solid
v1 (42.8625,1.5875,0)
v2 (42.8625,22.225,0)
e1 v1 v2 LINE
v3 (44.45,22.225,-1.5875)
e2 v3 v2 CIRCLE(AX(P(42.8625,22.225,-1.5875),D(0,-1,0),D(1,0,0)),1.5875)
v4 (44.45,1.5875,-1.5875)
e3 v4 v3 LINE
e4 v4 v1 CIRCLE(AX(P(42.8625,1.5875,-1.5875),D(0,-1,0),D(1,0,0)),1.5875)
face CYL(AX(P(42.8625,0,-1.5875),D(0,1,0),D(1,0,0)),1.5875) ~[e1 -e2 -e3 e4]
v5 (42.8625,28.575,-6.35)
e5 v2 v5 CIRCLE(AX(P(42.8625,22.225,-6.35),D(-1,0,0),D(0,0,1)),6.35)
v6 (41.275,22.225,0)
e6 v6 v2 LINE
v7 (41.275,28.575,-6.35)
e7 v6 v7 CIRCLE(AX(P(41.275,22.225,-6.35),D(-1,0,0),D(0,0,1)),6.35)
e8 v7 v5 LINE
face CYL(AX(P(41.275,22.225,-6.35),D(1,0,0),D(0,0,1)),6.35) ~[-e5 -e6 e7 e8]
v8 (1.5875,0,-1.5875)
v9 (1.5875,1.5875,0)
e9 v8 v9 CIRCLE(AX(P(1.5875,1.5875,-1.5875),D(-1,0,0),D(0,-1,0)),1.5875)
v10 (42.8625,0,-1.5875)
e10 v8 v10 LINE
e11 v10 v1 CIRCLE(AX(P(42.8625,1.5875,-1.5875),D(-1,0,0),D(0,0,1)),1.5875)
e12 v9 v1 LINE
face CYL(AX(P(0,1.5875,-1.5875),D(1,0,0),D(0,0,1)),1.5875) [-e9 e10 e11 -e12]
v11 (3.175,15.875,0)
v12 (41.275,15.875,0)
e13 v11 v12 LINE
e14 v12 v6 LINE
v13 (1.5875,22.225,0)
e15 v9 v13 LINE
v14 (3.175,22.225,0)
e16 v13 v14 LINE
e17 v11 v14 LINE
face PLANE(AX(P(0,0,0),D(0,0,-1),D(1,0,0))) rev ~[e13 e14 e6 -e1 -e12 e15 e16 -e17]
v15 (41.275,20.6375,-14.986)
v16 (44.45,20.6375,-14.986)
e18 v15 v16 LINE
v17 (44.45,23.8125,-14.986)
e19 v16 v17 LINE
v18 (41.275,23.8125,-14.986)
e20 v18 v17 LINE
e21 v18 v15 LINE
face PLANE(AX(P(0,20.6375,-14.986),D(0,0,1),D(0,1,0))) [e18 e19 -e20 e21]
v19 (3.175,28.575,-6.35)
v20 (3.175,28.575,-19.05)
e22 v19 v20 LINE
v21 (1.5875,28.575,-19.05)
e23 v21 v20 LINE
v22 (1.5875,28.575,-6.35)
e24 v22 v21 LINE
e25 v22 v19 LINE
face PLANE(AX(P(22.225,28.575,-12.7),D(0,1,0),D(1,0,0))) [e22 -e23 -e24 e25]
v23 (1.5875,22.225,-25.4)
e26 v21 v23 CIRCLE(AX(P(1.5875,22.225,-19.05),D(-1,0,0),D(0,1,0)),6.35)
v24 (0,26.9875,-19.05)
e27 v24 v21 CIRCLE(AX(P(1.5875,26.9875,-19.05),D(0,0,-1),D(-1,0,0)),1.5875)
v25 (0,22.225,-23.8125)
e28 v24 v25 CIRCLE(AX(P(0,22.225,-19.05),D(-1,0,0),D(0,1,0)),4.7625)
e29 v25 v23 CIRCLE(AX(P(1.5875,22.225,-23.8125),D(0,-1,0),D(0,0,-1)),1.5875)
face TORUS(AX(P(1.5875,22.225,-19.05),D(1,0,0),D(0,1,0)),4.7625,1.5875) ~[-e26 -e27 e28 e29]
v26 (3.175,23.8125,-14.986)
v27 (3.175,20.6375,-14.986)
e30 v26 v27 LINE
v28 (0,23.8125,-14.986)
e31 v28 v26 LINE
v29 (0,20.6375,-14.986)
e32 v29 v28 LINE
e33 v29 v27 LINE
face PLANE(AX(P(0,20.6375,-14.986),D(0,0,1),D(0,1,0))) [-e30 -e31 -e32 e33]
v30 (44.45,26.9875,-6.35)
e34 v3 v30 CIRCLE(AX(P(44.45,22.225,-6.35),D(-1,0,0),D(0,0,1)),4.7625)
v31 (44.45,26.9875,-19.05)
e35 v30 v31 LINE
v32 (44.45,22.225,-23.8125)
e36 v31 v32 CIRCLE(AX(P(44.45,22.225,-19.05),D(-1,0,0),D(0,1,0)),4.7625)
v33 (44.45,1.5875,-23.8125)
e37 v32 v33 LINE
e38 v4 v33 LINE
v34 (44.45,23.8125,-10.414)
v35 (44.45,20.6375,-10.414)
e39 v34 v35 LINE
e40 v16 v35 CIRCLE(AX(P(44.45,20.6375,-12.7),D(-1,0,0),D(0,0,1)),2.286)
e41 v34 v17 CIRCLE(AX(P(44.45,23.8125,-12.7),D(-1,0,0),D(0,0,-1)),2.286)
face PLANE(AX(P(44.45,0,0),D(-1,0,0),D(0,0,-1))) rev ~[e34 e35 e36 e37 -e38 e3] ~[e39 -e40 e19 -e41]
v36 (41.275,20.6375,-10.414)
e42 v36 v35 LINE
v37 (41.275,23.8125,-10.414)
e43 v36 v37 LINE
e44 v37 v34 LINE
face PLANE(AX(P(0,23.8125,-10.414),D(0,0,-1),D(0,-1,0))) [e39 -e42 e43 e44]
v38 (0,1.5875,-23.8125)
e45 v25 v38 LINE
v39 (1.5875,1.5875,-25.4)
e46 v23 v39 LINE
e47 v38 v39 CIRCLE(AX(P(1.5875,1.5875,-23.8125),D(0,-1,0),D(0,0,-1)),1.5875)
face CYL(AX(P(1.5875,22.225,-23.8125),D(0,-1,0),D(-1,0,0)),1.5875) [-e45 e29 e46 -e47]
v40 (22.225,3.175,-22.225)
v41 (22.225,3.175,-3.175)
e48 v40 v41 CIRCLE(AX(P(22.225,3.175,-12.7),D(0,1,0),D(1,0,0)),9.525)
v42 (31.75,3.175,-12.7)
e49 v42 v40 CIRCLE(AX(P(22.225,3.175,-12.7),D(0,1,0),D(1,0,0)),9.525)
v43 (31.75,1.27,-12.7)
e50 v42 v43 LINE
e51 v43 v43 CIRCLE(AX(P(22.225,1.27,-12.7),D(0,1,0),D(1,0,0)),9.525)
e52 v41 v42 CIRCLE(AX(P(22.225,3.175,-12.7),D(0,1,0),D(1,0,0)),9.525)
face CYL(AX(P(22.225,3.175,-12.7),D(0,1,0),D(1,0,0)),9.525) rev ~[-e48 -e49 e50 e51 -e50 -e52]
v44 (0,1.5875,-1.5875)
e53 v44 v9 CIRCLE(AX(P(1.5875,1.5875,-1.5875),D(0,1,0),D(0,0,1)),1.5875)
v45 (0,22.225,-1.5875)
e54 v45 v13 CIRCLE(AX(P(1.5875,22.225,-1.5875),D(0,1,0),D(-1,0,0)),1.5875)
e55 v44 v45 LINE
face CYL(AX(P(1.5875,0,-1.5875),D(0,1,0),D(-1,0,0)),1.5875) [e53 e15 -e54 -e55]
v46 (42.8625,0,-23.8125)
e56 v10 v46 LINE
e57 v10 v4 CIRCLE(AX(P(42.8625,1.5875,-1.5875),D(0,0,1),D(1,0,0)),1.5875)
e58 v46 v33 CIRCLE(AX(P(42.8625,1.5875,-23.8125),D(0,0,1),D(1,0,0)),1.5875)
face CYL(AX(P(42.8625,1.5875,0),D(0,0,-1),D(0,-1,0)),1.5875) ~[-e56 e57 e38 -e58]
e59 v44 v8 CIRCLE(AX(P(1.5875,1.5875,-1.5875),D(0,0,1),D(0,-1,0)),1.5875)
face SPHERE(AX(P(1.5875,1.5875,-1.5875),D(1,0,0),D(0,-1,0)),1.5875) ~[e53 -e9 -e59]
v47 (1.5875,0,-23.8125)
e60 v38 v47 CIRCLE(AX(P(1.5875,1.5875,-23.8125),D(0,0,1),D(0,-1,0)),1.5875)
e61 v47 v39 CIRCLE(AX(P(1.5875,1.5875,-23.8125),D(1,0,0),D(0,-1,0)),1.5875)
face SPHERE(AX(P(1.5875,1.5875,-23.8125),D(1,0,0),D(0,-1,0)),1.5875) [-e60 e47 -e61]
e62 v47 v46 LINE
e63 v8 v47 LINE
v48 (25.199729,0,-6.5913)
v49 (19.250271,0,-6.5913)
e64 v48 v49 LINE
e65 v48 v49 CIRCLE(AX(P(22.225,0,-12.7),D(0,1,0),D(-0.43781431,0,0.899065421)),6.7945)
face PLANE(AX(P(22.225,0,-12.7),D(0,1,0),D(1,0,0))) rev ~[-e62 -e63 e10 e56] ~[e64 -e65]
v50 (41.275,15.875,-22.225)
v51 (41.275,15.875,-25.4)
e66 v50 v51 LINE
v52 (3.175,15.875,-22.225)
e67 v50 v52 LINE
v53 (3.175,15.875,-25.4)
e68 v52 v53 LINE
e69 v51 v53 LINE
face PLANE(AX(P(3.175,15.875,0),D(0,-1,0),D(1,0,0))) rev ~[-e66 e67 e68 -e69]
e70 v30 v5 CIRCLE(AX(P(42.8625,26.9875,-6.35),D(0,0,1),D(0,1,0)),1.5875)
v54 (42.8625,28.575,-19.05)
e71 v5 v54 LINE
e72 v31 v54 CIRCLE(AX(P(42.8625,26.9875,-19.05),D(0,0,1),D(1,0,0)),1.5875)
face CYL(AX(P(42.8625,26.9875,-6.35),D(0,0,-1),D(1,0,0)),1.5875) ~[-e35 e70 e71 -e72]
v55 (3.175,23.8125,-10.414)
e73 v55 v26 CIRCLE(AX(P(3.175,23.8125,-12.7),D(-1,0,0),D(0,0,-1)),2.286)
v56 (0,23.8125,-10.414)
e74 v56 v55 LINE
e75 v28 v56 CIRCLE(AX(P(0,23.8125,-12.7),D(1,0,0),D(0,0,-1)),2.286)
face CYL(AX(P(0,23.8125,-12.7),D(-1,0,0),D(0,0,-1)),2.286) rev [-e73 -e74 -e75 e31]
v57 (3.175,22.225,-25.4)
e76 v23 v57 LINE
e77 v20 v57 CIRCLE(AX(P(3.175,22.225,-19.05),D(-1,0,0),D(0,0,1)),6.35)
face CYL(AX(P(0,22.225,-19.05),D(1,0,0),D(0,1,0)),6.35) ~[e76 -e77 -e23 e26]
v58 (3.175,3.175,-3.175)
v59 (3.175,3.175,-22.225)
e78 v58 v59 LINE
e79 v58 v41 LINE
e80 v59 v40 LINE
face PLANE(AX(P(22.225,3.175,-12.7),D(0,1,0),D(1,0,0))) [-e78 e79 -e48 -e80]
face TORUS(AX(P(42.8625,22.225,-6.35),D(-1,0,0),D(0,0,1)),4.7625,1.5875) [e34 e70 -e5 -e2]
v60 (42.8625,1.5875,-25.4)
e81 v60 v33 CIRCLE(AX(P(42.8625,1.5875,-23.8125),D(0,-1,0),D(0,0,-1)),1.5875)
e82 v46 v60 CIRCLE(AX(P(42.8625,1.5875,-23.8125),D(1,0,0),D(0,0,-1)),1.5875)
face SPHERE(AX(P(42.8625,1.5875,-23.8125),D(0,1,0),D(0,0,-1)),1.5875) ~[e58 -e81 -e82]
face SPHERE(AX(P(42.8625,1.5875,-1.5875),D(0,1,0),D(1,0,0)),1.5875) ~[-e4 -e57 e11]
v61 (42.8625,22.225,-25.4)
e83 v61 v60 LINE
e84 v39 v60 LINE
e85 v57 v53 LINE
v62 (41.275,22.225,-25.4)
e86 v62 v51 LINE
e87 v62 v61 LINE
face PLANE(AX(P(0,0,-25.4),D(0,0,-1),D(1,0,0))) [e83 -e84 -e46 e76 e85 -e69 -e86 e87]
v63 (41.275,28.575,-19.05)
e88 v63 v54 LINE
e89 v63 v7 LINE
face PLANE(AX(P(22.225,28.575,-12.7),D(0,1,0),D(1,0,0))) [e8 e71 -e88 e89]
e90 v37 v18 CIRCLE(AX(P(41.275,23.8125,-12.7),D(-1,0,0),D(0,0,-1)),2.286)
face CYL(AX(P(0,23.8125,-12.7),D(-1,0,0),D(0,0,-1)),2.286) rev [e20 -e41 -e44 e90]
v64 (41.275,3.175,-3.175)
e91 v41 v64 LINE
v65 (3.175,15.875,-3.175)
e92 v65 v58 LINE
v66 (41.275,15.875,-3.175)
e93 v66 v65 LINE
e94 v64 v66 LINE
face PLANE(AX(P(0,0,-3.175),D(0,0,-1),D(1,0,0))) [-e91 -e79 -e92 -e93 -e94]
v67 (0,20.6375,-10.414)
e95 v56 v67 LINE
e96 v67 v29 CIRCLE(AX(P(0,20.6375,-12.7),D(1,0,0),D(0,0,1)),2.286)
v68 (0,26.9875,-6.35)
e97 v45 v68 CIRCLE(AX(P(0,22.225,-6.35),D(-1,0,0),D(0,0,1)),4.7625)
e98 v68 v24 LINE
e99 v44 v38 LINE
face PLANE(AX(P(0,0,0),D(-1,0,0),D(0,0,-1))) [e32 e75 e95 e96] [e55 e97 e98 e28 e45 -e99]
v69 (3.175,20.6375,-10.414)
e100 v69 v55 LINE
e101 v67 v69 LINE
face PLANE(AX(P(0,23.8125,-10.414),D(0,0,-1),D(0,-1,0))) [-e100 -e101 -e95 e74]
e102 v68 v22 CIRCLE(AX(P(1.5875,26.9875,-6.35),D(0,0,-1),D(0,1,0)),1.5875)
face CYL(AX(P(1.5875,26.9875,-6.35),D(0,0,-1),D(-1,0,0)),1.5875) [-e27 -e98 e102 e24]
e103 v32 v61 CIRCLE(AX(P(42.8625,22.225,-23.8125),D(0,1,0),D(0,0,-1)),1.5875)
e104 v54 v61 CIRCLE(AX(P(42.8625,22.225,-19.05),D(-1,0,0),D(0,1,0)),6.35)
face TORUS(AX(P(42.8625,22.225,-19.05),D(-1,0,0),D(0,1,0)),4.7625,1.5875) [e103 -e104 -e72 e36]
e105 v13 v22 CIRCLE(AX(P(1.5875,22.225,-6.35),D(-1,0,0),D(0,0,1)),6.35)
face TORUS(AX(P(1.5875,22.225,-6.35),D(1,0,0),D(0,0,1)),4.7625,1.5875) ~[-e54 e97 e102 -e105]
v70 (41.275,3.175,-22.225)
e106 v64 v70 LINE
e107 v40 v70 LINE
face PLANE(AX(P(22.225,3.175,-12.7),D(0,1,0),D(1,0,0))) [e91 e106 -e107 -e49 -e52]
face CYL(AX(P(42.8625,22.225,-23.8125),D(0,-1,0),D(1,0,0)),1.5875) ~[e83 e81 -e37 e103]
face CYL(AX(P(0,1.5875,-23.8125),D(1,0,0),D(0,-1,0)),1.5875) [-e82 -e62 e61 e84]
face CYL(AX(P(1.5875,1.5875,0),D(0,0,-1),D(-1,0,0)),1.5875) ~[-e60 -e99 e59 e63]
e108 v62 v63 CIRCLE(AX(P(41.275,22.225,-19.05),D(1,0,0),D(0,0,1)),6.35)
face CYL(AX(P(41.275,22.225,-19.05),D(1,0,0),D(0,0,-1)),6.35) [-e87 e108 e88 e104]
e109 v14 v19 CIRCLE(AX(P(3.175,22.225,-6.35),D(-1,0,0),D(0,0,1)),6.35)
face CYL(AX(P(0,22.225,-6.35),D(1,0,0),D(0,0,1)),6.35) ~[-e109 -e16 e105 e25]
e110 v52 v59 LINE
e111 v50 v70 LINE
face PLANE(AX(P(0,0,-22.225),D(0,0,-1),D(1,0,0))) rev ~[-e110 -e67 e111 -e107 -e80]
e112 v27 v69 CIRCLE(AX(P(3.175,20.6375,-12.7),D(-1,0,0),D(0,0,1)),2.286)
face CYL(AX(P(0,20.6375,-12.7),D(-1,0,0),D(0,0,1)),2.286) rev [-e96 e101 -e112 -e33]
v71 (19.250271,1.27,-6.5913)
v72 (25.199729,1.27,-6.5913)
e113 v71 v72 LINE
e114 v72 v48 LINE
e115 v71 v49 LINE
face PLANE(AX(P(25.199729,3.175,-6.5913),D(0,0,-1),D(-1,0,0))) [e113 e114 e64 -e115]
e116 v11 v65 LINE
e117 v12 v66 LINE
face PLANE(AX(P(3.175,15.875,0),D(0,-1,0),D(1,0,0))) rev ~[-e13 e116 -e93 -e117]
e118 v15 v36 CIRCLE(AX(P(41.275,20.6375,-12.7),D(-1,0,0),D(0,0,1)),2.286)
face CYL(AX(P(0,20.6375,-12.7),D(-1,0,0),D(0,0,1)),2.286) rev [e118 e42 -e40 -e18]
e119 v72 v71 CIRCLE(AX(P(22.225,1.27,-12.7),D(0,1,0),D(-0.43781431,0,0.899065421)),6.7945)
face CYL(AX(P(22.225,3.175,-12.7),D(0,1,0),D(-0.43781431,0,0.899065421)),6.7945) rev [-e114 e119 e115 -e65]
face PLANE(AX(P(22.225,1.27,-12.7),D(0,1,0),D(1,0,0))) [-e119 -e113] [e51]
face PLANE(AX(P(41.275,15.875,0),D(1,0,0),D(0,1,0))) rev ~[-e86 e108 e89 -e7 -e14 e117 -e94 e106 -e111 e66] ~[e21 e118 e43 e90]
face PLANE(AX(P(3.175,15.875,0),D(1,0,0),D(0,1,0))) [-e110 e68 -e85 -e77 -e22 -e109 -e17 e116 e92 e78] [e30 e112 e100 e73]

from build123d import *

# Parameters (mm, degrees)
SKETCH1_W           = 44.45
SKETCH1_H           = 25.4
BOSS_EXTRUDE1_DEPTH = 28.575
SHELL1_T            = -3.175
SKETCH2_W           = 38.1
SKETCH2_H           = 12.7
CUT_EXTRUDE1_DEPTH  = 26.4
CUT_EXTRUDE2_DEPTH  = 45.45
CUT_EXTRUDE3_DEPTH  = 4.175
FILLET1_R           = 6.35
FILLET2_R           = 1.5875
SKETCH6_R           = 9.525
CUT_EXTRUDE4_DEPTH  = 1.905


with BuildPart() as part:
    # Sketch1 → Boss-Extrude1 (new body)
    with BuildSketch(Plane(origin=(0, 0, 0), x_dir=(1, 0, 0), z_dir=(0, 1, 0))):
        with Locations((22.225, 12.7)):
            Rectangle(SKETCH1_W, SKETCH1_H)
    extrude(amount=BOSS_EXTRUDE1_DEPTH)

    # Shell1
    shell1_openings = [part.faces().sort_by_distance(p)[0] for p in [
        (22.225, 28.575, -12.7),
    ]]
    offset(amount=SHELL1_T, openings=shell1_openings, kind=Kind.INTERSECTION)

    # Sketch2 → Cut-Extrude1 (cut, through all)
    with BuildSketch(Plane.XY):
        with Locations((22.225, 22.225)):
            Rectangle(SKETCH2_W, SKETCH2_H)
    extrude(amount=-CUT_EXTRUDE1_DEPTH, mode=Mode.SUBTRACT)

    # Sketch3 → Cut-Extrude2 (cut, through all)
    with BuildSketch(Plane.ZY):
        with BuildLine():
            Line((-10.414, 23.8125), (-10.414, 20.6375))
            ThreePointArc((-10.414, 20.6375), (-12.7, 18.3515), (-14.986, 20.6375))
            Line((-14.986, 20.6375), (-14.986, 23.8125))
            ThreePointArc((-14.986, 23.8125), (-12.7, 26.0985), (-10.414, 23.8125))
        make_face()
    extrude(amount=-CUT_EXTRUDE2_DEPTH, mode=Mode.SUBTRACT)

    # Sketch5 → Cut-Extrude3 (cut, through all)
    with BuildSketch(Plane(origin=(0, 3.175, 0), x_dir=(1, 0, 0), z_dir=(0, 1, 0))):
        with BuildLine():
            Line((25.199729326, 6.5913), (19.250270674, 6.5913))
            ThreePointArc((19.250270674, 6.5913), (22.225, 19.4945), (25.199729326, 6.5913))
        make_face()
    extrude(amount=-CUT_EXTRUDE3_DEPTH, mode=Mode.SUBTRACT)

    # Fillet1
    fillet1_edges = [part.edges().sort_by_distance(p)[0] for p in [
        (42.8625, 28.575, -25.4),
        (1.5875, 28.575, -25.4),
        (42.8625, 28.575, 0),
        (1.5875, 28.575, 0),
    ]]
    fillet(fillet1_edges, radius=FILLET1_R)

    # Fillet2
    fillet2_edges = [part.edges().sort_by_distance(p)[0] for p in [
        (44.45, 26.715128061, -1.859871939),
        (44.45, 26.715128061, -23.540128061),
        (22.225, 0, -25.4),
        (44.45, 0, -12.7),
        (22.225, 0, 0),
        (0, 0, -12.7),
        (0, 28.575, -12.7),
        (0, 11.1125, 0),
        (0, 11.1125, -25.4),
        (0, 26.715128061, -1.859871939),
        (0, 26.715128061, -23.540128061),
        (44.45, 11.1125, -25.4),
        (44.45, 11.1125, 0),
        (44.45, 28.575, -12.7),
    ]]
    fillet(fillet2_edges, radius=FILLET2_R)

    # Sketch6 → Cut-Extrude4 (cut)
    with BuildSketch(Plane(origin=(0, 3.175, 0), x_dir=(1, 0, 0), z_dir=(0, 1, 0))):
        with Locations((22.225, 12.7)):
            Circle(SKETCH6_R)
    extrude(amount=-CUT_EXTRUDE4_DEPTH, mode=Mode.SUBTRACT)


solid = part.part
